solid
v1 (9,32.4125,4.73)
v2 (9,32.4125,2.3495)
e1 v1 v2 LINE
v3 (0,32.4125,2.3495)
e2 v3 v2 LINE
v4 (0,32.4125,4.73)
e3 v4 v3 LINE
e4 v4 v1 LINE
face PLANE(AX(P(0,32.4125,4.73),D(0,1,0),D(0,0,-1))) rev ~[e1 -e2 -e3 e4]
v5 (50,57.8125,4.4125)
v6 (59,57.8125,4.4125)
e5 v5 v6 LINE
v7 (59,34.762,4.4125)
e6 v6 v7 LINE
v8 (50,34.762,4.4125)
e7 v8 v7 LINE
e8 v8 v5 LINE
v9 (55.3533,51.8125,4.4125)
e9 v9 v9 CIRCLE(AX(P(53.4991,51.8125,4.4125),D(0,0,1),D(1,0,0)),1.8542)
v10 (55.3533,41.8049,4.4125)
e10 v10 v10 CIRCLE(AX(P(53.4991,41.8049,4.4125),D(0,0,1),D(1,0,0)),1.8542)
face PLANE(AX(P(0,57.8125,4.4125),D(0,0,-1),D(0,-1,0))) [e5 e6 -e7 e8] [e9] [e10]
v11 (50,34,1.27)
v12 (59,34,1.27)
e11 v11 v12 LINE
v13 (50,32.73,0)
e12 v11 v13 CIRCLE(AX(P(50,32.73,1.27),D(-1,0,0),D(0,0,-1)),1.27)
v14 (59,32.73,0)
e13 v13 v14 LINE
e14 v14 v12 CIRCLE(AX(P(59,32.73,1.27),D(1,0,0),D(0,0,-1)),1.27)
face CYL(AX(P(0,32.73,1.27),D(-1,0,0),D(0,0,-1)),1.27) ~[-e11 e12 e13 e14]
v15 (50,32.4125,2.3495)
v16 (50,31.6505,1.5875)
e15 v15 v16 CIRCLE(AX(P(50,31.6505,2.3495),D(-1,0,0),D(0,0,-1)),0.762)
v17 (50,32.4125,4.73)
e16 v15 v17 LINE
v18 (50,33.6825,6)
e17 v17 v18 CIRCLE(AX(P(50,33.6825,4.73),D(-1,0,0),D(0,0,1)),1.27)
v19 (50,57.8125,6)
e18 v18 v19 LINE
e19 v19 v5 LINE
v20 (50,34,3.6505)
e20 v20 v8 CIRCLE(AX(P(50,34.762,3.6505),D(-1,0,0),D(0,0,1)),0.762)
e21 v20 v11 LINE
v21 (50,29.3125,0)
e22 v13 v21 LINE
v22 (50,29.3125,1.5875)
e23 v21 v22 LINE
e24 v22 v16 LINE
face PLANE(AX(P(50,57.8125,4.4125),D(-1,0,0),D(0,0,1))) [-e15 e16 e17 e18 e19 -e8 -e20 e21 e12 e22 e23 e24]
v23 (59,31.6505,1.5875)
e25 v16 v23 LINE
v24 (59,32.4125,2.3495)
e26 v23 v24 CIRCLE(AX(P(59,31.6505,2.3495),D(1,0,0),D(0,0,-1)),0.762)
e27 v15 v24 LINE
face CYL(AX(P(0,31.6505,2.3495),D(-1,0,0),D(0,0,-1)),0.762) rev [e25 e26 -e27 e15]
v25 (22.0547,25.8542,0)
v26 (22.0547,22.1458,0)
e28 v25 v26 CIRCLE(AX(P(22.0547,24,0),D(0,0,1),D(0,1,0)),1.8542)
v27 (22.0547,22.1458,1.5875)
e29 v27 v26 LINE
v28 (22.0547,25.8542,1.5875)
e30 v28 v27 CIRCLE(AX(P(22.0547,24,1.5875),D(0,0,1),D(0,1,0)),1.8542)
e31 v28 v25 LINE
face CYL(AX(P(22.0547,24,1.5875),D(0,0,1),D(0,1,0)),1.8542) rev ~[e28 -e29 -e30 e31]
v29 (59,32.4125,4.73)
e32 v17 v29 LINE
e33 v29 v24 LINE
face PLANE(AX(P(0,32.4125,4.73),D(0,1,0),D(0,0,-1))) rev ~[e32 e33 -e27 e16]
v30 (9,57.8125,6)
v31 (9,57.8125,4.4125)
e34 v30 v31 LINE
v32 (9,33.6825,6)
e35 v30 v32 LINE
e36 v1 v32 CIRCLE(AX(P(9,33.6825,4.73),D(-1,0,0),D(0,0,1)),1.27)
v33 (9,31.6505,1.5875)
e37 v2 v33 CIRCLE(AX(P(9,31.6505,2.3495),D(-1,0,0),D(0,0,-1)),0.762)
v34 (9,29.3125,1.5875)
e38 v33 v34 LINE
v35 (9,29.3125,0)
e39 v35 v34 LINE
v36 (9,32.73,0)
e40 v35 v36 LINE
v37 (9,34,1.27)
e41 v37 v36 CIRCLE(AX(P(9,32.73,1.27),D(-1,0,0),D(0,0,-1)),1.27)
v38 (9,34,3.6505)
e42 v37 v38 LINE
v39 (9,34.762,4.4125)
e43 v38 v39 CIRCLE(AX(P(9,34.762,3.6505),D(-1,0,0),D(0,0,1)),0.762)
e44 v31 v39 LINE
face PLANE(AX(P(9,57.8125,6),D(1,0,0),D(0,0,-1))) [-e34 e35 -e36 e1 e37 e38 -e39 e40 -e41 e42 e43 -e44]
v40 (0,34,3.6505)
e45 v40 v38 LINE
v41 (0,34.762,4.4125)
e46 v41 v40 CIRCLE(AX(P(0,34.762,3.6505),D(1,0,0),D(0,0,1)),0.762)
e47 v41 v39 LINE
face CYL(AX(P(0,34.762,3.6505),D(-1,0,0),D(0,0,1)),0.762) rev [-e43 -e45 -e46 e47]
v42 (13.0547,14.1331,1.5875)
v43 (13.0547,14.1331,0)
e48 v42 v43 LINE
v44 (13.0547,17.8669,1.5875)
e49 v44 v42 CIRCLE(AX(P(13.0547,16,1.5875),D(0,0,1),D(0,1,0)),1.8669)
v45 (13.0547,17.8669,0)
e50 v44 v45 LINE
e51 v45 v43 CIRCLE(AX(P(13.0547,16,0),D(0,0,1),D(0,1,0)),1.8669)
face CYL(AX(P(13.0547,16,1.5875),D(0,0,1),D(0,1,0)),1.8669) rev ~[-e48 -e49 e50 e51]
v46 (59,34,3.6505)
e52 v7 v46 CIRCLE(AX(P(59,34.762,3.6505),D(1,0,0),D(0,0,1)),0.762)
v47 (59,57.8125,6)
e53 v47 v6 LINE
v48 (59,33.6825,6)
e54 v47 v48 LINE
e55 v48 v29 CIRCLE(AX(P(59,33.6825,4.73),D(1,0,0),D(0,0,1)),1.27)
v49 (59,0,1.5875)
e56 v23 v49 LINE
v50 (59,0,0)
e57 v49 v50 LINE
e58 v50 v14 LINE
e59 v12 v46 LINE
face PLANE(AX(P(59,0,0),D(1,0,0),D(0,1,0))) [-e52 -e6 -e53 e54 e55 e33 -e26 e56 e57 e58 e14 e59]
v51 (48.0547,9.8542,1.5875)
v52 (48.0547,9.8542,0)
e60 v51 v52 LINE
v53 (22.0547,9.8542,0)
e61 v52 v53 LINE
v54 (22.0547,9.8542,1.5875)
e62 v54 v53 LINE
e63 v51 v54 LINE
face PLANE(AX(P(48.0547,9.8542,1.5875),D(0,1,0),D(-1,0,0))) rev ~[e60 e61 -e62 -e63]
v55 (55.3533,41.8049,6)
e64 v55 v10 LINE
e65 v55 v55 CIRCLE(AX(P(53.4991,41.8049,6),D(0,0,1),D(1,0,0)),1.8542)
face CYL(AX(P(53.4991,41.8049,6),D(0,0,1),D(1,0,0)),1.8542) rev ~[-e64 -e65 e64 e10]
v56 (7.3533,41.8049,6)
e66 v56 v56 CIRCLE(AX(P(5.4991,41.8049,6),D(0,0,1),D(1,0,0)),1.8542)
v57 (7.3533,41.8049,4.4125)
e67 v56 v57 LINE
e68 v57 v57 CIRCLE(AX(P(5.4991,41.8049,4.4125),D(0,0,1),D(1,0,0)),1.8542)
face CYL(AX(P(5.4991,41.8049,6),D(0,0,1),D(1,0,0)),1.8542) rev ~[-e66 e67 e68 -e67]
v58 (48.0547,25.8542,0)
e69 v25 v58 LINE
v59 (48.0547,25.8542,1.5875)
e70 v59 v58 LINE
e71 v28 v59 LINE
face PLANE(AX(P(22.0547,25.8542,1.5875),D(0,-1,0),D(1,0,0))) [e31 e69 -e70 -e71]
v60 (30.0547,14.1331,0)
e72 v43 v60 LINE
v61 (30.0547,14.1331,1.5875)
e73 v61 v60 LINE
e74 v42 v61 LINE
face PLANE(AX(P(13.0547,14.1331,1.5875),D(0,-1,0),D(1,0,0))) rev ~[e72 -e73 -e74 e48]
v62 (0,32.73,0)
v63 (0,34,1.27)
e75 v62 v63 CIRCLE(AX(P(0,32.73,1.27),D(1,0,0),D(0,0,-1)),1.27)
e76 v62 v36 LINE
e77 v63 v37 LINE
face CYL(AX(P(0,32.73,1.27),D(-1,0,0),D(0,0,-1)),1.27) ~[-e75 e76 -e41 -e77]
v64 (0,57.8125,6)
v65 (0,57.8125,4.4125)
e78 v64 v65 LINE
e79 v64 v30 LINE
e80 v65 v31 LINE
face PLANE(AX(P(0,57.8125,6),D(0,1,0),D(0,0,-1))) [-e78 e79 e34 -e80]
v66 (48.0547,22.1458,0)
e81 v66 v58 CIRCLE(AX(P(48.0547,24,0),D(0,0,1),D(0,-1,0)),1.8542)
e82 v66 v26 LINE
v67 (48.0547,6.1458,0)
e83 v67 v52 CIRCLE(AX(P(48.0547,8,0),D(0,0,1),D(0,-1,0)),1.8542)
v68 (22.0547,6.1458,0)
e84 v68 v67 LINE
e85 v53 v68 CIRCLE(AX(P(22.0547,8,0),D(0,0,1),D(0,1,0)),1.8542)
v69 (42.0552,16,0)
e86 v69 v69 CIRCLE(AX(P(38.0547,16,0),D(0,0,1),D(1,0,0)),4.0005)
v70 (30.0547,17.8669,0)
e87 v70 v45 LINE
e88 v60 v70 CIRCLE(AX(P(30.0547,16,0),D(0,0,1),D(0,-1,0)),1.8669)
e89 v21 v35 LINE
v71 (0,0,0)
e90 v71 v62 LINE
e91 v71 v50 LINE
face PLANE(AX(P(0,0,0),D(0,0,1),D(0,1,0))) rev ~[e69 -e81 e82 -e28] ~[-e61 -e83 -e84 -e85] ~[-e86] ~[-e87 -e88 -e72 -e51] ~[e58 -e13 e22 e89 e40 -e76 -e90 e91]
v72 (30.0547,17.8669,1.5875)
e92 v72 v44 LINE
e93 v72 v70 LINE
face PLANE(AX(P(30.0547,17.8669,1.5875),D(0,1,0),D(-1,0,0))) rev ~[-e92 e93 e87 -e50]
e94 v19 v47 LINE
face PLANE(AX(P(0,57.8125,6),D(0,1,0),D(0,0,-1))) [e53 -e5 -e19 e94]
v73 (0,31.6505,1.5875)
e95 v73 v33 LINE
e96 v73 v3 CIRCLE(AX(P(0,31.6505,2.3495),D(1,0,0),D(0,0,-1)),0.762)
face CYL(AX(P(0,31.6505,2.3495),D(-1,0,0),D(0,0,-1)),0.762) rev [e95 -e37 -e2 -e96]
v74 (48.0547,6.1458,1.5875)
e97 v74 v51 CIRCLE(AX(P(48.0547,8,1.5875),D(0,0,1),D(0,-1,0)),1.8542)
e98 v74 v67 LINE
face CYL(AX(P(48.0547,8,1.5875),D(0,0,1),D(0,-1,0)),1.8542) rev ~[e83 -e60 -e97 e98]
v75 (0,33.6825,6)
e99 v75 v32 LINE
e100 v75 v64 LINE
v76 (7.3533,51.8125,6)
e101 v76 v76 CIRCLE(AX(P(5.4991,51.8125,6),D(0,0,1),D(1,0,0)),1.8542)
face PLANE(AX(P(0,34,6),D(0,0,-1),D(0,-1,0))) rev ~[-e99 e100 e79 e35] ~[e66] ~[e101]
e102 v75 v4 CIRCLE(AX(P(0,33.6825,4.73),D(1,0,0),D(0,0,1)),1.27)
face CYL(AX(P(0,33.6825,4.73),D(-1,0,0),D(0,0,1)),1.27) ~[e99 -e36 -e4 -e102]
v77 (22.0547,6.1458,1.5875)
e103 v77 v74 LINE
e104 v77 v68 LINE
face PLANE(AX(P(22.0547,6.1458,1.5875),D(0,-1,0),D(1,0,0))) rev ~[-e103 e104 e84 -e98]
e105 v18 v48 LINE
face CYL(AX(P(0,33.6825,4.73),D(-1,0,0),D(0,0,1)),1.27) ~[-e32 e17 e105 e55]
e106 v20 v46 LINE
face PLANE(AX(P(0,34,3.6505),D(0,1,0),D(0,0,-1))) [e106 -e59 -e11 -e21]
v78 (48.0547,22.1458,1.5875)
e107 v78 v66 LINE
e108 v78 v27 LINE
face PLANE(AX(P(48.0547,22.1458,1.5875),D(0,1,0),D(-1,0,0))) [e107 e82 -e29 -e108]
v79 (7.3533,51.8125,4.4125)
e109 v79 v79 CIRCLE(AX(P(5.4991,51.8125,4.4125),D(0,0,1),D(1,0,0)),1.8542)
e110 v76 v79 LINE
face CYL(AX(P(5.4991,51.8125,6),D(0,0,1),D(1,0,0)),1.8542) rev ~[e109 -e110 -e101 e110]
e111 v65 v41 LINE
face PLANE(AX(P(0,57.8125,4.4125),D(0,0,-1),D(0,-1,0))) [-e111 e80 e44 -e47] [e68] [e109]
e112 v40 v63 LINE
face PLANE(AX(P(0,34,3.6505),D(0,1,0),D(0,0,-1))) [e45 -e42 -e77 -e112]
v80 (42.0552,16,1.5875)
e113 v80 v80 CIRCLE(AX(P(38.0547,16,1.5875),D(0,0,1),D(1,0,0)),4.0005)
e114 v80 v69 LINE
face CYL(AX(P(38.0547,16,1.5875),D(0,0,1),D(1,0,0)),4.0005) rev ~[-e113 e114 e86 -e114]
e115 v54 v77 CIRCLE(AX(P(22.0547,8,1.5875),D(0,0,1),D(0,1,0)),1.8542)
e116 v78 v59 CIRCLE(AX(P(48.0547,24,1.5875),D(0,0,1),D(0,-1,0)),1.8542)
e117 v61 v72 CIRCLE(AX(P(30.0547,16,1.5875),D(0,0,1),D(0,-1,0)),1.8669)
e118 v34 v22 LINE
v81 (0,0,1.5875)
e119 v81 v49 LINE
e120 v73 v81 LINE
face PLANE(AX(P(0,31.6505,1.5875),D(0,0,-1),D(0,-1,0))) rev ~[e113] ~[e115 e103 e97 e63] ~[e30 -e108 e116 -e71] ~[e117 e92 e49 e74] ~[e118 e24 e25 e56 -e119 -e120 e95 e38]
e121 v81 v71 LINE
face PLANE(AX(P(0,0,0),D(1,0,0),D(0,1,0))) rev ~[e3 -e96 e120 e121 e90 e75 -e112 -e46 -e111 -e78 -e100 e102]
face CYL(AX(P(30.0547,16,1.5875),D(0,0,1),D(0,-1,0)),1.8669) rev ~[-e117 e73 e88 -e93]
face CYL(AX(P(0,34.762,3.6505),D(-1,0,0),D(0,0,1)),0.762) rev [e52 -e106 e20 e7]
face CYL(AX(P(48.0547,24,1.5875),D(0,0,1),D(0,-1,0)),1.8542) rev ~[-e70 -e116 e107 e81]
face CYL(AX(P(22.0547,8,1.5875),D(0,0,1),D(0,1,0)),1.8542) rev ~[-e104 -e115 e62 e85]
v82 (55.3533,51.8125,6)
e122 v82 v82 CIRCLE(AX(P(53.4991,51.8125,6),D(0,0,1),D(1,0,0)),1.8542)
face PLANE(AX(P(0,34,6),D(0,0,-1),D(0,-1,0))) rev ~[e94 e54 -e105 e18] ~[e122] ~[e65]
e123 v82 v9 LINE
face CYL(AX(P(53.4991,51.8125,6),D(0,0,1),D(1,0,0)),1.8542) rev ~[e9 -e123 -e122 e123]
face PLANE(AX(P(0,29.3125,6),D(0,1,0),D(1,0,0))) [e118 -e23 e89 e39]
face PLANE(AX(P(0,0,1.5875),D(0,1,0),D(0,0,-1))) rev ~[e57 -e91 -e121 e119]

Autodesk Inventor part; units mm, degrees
ref_plane "YZ Plane" through (0, 0, 0) normal (1, 0, 0) x (0, 1, 0)
ref_plane "XZ Plane" through (0, 0, 0) normal (0, 1, 0) x (-1, 0, 0)
ref_plane "XY Plane" through (0, 0, 0) normal (0, 0, 1) x (1, 0, 0)
sketch "Sketch1" plane through (0, 0, 0) normal (1, 0, 0) x (0, 1, 0)
  line L0 (0, 0) -> (32.73, 0)
  line L1 (34, 1.27) -> (34, 1.5875)
  line L2 (31.6505, 1.5875) -> (0, 1.5875)
  line L3 (0, 1.5875) -> (0, 0)
  line L4 (34, 6) -> (32.4125, 6)
  line L5 (32.4125, 4.73) -> (32.4125, 2.3495)
  line L6 (33.6825, 6) -> (57.8125, 6)
  line L7 (57.8125, 6) -> (57.8125, 4.4125)
  line L8 (57.8125, 4.4125) -> (34.762, 4.4125)
  arc A0 (34.762, 4.4125) -> (34, 3.6505) centre (34.762, 3.6505) ccw
  arc A1 (31.6505, 1.5875) -> (32.4125, 2.3495) centre (31.6505, 2.3495) ccw
  arc A2 (32.73, 0) -> (34, 1.27) centre (32.73, 1.27) ccw
  arc A3 (33.6825, 6) -> (32.4125, 4.73) centre (33.6825, 4.73) ccw
  line L9 (34, 3.6505) -> (34, 1.5875)
  point P0 (32.4125, 0)
  dimension "d0" = 34
  dimension "d1" = 1.5875
  dimension "d3" = 1.5875
  dimension "d4" = 25.4
  dimension "d5" = 1.5875
  dimension "d7" = 1.27
extrude "Extrusion1" add sketch "Sketch1" along normal blind 59
sketch "Sketch2" plane through (0, 57.8125, 6) normal (0, 1, 0) x (1, 0, 0)
  line L0 (0, 0) -> (59, 0) projected
  line L1 (0, 1.5875) -> (59, 1.5875) projected
  line L2 (0, 0) -> (9, 0)
  line L3 (59, 0) -> (50, 0)
  line L4 (50, 0) -> (9, 0)
  line L5 (9, 0) -> (9, 6.35)
  line L6 (9, 6.35) -> (50, 6.35)
  line L7 (50, 6.35) -> (50, 0)
  point P0 (0, 6)
  dimension "d10" = 9
  dimension "d11" = 9
extrude "Extrusion2" cut sketch "Sketch2" against normal blind 28.5
sketch "Sketch3" plane through (0, 0, 1.5875) normal (0, 0, 1) x (1, 0, 0)
  line L0 (50, 29.3125) -> (9, 29.3125) projected
  circle A0 centre (38.0547, 16) radius 4.0005
  line L1 (48.0547, 8) -> (22.0547, 8)
  line L2 (48.0547, 8) -> (22.0547, 8) construction
  line L3 (48.0547, 9.8542) -> (22.0547, 9.8542)
  line L4 (22.0547, 6.1458) -> (48.0547, 6.1458)
  arc A1 (48.0547, 6.1458) -> (48.0547, 9.8542) centre (48.0547, 8) ccw
  arc A2 (22.0547, 9.8542) -> (22.0547, 6.1458) centre (22.0547, 8) ccw
  line L5 (48.0547, 24) -> (22.0547, 24) construction
  line L6 (48.0547, 22.1458) -> (22.0547, 22.1458)
  line L7 (22.0547, 25.8542) -> (48.0547, 25.8542)
  arc A3 (48.0547, 22.1458) -> (48.0547, 25.8542) centre (48.0547, 24) ccw
  arc A4 (22.0547, 25.8542) -> (22.0547, 22.1458) centre (22.0547, 24) ccw
  line L8 (30.0547, 16) -> (13.0547, 16)
  line L9 (30.0547, 16) -> (13.0547, 16) construction
  line L10 (30.0547, 17.8669) -> (13.0547, 17.8669)
  line L11 (13.0547, 14.1331) -> (30.0547, 14.1331)
  arc A5 (30.0547, 14.1331) -> (30.0547, 17.8669) centre (30.0547, 16) ccw
  arc A6 (13.0547, 17.8669) -> (13.0547, 14.1331) centre (13.0547, 16) ccw
  point P0 (35.0547, 8)
  point P1 (21.5547, 16)
  dimension "d21" = 17
  dimension "d22" = 3.7338
extrude "Extrusion3" cut sketch "Sketch3" against normal blind 28.5
sketch "Sketch4" plane through (0, 33.6825, 6) normal (0, 0, 1) x (1, 0, 0)
  line L0 (50, 24.13) -> (50, 0) projected
  line L1 (50, 0) -> (59, 0) projected
  line L2 (59, 24.13) -> (59, 0) projected
  line L3 (50, 24.13) -> (59, 24.13) projected
  circle A0 centre (5.4991, 18.13) radius 1.8542
  circle A1 centre (5.4991, 8.1224) radius 1.8542
  circle A2 centre (53.4991, 18.13) radius 1.8542
  circle A3 centre (53.4991, 8.1224) radius 1.8542
  point P0 (0, -33.6825)
extrude "Extrusion4" cut sketch "Sketch4" against normal blind 28.5 contours A0 | A1 | A2 | A3
properties part number "Side Servo Mount"
